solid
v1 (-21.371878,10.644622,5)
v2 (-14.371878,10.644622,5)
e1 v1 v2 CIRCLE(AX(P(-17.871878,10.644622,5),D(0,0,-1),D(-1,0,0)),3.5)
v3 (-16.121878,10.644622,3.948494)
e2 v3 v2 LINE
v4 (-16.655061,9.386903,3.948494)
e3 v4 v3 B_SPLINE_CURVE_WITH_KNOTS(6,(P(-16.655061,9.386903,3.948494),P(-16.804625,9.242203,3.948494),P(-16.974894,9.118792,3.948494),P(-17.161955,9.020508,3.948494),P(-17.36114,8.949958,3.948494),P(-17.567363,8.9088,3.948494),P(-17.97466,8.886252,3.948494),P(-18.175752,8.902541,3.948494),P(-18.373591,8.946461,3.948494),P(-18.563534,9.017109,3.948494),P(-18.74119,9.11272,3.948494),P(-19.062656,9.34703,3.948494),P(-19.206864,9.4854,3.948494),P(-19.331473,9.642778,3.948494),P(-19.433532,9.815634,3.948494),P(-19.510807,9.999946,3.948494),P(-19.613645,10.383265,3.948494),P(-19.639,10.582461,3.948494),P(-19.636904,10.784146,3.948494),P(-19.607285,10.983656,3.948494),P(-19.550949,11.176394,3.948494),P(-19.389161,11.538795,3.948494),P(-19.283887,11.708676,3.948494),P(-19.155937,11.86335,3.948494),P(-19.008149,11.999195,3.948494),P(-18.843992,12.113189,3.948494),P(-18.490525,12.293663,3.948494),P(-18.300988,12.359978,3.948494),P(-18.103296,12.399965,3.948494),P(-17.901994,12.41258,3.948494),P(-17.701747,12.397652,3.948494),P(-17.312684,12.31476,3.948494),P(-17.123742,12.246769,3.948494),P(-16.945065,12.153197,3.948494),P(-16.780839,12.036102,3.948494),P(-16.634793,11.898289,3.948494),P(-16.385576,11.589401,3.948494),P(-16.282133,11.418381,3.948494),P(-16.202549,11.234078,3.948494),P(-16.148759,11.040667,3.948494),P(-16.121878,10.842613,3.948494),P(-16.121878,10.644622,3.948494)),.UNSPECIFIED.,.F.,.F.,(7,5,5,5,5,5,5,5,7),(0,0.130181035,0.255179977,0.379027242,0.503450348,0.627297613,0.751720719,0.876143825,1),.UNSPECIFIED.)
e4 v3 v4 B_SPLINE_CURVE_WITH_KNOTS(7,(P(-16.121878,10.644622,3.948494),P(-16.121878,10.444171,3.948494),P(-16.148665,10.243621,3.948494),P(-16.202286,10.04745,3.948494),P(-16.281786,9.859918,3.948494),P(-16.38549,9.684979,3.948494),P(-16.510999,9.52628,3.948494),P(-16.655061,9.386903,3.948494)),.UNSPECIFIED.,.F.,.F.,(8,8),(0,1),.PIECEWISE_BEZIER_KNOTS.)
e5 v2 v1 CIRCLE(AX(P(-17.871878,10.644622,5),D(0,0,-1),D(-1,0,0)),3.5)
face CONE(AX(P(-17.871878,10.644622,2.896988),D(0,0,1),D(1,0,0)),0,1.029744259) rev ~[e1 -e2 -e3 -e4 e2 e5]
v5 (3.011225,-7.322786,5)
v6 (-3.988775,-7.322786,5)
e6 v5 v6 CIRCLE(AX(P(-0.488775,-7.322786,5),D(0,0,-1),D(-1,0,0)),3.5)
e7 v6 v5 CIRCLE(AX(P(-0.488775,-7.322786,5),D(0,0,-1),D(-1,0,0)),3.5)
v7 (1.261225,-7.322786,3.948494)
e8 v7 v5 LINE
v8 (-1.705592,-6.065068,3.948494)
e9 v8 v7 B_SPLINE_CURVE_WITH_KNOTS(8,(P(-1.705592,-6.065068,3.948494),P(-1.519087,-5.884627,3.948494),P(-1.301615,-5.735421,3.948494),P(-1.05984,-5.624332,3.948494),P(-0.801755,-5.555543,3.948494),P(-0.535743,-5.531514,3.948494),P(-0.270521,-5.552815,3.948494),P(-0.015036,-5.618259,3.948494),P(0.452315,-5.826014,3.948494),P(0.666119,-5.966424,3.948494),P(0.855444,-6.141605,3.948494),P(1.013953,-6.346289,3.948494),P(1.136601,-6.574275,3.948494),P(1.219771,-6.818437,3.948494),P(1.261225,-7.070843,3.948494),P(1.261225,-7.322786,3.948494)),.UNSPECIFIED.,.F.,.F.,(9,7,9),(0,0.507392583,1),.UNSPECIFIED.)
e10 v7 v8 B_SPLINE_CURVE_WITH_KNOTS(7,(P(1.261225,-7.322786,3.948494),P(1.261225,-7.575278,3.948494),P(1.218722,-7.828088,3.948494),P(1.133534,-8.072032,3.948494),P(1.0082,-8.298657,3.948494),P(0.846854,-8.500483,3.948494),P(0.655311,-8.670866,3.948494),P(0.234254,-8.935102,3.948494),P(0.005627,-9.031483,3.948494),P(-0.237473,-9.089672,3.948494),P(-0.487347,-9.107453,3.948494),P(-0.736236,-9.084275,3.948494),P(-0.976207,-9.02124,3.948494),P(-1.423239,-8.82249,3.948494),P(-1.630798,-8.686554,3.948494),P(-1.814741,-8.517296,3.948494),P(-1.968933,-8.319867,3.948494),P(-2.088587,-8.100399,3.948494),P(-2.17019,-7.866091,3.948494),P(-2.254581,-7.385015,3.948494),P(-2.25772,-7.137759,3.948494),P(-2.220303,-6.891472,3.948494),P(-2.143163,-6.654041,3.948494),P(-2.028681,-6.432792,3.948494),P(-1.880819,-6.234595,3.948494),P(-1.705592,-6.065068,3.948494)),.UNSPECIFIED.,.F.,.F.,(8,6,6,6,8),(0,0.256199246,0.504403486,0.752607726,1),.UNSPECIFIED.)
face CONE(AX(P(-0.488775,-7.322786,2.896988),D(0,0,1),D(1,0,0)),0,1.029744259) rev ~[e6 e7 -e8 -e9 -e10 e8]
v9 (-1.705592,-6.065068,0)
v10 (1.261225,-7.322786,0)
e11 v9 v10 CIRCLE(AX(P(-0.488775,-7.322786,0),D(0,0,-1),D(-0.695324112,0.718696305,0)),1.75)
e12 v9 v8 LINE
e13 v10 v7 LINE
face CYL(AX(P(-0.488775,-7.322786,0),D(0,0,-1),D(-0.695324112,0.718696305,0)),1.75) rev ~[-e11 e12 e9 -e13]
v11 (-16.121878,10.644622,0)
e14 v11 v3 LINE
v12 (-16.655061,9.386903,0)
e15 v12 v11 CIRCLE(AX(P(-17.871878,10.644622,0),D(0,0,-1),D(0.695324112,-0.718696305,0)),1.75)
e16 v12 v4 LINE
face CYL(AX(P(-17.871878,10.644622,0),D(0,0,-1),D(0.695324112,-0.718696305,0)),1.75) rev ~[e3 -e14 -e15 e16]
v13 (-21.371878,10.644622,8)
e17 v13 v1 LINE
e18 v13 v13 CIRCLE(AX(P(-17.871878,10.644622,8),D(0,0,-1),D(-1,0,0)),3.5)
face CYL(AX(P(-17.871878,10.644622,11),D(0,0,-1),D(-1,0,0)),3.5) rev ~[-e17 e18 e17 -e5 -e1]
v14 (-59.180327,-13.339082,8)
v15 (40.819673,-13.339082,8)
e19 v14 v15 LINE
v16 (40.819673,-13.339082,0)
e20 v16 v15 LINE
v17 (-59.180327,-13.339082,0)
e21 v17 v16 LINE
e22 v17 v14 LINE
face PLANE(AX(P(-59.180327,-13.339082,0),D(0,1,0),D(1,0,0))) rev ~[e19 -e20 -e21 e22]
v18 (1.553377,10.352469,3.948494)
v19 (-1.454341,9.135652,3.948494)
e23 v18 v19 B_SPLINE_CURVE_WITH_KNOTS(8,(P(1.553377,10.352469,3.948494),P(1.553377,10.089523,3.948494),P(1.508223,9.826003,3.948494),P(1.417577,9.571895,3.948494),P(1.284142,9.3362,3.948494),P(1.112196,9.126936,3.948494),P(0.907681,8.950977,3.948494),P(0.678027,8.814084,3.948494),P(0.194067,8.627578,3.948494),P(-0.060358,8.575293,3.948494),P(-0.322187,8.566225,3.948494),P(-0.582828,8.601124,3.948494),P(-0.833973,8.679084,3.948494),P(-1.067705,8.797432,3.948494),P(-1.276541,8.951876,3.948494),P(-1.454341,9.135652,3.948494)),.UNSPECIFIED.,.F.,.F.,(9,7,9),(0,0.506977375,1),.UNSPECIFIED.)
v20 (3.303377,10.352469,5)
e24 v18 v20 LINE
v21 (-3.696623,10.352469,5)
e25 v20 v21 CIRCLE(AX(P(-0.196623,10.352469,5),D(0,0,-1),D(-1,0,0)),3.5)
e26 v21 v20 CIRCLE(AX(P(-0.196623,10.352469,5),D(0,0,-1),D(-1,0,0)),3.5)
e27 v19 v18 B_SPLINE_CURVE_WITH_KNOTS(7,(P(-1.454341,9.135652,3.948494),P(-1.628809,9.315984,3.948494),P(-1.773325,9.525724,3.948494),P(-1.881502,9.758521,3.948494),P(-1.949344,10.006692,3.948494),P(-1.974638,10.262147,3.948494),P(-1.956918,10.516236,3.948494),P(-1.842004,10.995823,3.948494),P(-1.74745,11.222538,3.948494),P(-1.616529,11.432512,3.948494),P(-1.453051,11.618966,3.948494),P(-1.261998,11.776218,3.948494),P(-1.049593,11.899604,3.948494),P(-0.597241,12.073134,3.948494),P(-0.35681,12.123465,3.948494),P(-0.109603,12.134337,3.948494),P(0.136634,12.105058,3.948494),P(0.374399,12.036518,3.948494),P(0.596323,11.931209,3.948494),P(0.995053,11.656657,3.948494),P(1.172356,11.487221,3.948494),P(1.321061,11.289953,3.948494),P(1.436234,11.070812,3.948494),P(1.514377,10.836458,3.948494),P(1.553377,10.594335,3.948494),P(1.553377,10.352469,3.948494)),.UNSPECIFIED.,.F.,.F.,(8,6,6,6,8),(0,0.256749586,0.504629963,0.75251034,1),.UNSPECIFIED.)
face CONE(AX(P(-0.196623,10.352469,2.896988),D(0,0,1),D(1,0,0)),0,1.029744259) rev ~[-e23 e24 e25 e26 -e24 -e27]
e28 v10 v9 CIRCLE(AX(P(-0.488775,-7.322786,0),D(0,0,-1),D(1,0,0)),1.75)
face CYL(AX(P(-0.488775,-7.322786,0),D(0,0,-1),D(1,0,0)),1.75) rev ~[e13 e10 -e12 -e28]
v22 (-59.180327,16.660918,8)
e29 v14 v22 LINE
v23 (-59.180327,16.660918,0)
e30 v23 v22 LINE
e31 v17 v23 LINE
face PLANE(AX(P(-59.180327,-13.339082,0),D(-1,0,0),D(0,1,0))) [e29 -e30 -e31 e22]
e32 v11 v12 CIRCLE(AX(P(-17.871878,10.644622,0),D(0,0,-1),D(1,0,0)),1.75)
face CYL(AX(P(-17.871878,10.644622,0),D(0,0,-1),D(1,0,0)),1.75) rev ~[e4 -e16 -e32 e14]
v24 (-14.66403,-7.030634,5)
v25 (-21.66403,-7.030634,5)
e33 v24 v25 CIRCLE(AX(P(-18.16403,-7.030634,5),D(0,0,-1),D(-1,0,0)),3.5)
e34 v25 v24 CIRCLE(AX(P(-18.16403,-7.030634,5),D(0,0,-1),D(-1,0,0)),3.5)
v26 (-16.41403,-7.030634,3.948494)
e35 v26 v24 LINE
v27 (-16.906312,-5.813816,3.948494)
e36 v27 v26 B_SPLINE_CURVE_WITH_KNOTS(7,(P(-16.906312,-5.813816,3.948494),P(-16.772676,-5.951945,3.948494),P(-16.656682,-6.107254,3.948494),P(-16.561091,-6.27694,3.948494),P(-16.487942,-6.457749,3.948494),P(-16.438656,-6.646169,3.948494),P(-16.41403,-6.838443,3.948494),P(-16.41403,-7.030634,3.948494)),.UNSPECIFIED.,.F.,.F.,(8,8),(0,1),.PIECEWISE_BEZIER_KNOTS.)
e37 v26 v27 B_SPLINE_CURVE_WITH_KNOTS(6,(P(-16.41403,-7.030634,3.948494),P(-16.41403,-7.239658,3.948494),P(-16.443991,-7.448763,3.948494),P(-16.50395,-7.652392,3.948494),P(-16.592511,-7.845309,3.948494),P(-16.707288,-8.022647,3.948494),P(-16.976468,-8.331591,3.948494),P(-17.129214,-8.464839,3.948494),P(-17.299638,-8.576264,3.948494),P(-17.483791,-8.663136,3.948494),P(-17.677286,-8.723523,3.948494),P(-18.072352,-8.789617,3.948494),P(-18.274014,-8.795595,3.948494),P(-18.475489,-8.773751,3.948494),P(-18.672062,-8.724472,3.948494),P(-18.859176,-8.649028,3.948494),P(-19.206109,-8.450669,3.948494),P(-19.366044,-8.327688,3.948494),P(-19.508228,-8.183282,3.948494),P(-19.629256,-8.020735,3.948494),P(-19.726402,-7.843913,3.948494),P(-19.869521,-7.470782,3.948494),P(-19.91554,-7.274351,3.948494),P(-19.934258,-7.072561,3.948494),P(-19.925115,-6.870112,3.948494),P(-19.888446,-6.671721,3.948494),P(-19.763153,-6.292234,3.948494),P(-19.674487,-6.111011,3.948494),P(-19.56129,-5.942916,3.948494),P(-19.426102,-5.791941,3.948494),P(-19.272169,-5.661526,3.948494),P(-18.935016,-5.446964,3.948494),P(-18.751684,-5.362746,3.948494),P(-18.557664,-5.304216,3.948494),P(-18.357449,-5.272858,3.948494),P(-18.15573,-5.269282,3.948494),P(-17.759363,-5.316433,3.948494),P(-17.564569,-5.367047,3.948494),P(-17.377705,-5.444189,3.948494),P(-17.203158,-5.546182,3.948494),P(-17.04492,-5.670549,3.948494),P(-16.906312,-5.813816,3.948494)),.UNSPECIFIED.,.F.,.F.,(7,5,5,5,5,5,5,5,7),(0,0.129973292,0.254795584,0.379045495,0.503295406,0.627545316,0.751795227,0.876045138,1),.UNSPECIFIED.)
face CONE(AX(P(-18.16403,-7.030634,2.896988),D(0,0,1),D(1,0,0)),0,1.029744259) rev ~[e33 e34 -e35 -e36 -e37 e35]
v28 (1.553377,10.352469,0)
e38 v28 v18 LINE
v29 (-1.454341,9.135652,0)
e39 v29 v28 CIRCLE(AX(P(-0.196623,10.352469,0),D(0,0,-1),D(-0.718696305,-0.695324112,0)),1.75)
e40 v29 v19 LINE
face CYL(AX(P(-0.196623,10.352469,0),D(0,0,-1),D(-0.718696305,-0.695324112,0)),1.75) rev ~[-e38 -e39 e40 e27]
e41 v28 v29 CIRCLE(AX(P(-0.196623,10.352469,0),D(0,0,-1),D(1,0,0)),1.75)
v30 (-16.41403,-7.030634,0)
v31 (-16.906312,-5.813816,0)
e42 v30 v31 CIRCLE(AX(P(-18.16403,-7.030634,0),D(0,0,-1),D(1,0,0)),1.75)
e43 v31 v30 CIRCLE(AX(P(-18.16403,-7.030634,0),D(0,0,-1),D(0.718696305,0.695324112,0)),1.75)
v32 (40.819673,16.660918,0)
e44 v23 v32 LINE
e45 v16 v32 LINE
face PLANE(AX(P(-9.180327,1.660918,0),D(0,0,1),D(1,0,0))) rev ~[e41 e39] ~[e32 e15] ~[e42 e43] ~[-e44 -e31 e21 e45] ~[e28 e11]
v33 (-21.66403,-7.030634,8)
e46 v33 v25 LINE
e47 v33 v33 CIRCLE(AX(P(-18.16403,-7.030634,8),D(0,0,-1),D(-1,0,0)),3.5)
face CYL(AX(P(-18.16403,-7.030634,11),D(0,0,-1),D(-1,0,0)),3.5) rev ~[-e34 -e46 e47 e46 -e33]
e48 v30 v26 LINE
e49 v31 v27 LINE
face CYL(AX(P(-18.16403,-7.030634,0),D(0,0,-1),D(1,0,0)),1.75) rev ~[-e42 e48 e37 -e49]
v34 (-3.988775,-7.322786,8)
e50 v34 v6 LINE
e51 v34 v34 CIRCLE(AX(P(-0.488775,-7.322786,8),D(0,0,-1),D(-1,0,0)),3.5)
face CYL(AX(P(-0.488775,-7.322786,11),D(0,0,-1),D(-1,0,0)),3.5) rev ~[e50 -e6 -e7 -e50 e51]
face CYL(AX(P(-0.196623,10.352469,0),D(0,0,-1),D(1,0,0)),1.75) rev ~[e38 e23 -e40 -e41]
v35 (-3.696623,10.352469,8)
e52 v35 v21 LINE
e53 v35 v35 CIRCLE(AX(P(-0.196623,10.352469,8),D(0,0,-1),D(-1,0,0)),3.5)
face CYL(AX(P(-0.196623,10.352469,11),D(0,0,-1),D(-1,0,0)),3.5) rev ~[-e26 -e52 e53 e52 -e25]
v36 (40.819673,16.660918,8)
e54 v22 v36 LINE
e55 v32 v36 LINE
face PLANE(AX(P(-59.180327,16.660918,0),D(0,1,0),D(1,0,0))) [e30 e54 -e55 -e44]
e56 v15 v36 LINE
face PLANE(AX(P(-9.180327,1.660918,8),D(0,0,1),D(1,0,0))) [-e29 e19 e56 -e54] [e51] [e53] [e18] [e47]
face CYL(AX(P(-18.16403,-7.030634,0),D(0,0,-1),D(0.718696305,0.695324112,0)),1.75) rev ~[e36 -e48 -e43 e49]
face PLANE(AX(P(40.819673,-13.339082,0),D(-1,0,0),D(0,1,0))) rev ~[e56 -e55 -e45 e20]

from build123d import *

# Parameters (mm, degrees)
F0_W     = 100
F0_H     = 30
F1_DEPTH = 8
F3_D     = 7
F3_DEPTH = 3
F3_TIP   = 2.1030121666


with BuildPart() as f1:
    # F0 (on Top) → F1 (new body)
    with BuildSketch(Plane.XY):
        with Locations((-9.1803266555, 1.6609177441)):
            Rectangle(F0_W, F0_H)
        with BuildLine():
            ThreePointArc((-16.4140304677, -7.0306336602), (-19.7862985458, -7.6869463014), (-16.906311934, -5.8138164636))
            ThreePointArc((-16.906311934, -5.8138164636), (-16.5417623897, -6.374321019), (-16.4140304677, -7.0306336602))
        make_face(mode=Mode.SUBTRACT)
        with BuildLine():
            ThreePointArc((1.2612247488, -7.3227860681), (-1.1718088909, -8.9339859462), (-1.7055924478, -6.0650675344))
            ThreePointArc((-1.7055924478, -6.0650675344), (0.1942583885, -5.7115861901), (1.2612247488, -7.3227860681))
        make_face(mode=Mode.SUBTRACT)
        with BuildLine():
            ThreePointArc((-16.6550608632, 9.3869030227), (-19.4830779378, 11.3276551961), (-16.1218780598, 10.6446215564))
            ThreePointArc((-16.1218780598, 10.6446215564), (-16.2606781817, 9.9615879167), (-16.6550608632, 9.3869030227))
        make_face(mode=Mode.SUBTRACT)
        with BuildLine():
            ThreePointArc((1.5533771568, 10.3524691484), (0.459689798, 8.7302010704), (-1.4543413769, 9.1356519518))
            ThreePointArc((-1.4543413769, 9.1356519518), (-0.8529354844, 11.9747372265), (1.5533771568, 10.3524691484))
        make_face(mode=Mode.SUBTRACT)
    extrude(amount=F1_DEPTH)

    # F3
    with Locations(Plane.XY.offset(8)):
        with Locations((-0.4887752512, -7.3227860681), (-18.1640304677, -7.0306336602), (-17.8718780598, 10.6446215564), (-0.1966228432, 10.3524691484)):
            Hole(F3_D / 2, depth=F3_DEPTH)
            with Locations((0, 0, -(F3_DEPTH + F3_TIP / 2))):  # 118° drill point
                Cone(0, F3_D / 2, F3_TIP, mode=Mode.SUBTRACT)


solid = f1.part
